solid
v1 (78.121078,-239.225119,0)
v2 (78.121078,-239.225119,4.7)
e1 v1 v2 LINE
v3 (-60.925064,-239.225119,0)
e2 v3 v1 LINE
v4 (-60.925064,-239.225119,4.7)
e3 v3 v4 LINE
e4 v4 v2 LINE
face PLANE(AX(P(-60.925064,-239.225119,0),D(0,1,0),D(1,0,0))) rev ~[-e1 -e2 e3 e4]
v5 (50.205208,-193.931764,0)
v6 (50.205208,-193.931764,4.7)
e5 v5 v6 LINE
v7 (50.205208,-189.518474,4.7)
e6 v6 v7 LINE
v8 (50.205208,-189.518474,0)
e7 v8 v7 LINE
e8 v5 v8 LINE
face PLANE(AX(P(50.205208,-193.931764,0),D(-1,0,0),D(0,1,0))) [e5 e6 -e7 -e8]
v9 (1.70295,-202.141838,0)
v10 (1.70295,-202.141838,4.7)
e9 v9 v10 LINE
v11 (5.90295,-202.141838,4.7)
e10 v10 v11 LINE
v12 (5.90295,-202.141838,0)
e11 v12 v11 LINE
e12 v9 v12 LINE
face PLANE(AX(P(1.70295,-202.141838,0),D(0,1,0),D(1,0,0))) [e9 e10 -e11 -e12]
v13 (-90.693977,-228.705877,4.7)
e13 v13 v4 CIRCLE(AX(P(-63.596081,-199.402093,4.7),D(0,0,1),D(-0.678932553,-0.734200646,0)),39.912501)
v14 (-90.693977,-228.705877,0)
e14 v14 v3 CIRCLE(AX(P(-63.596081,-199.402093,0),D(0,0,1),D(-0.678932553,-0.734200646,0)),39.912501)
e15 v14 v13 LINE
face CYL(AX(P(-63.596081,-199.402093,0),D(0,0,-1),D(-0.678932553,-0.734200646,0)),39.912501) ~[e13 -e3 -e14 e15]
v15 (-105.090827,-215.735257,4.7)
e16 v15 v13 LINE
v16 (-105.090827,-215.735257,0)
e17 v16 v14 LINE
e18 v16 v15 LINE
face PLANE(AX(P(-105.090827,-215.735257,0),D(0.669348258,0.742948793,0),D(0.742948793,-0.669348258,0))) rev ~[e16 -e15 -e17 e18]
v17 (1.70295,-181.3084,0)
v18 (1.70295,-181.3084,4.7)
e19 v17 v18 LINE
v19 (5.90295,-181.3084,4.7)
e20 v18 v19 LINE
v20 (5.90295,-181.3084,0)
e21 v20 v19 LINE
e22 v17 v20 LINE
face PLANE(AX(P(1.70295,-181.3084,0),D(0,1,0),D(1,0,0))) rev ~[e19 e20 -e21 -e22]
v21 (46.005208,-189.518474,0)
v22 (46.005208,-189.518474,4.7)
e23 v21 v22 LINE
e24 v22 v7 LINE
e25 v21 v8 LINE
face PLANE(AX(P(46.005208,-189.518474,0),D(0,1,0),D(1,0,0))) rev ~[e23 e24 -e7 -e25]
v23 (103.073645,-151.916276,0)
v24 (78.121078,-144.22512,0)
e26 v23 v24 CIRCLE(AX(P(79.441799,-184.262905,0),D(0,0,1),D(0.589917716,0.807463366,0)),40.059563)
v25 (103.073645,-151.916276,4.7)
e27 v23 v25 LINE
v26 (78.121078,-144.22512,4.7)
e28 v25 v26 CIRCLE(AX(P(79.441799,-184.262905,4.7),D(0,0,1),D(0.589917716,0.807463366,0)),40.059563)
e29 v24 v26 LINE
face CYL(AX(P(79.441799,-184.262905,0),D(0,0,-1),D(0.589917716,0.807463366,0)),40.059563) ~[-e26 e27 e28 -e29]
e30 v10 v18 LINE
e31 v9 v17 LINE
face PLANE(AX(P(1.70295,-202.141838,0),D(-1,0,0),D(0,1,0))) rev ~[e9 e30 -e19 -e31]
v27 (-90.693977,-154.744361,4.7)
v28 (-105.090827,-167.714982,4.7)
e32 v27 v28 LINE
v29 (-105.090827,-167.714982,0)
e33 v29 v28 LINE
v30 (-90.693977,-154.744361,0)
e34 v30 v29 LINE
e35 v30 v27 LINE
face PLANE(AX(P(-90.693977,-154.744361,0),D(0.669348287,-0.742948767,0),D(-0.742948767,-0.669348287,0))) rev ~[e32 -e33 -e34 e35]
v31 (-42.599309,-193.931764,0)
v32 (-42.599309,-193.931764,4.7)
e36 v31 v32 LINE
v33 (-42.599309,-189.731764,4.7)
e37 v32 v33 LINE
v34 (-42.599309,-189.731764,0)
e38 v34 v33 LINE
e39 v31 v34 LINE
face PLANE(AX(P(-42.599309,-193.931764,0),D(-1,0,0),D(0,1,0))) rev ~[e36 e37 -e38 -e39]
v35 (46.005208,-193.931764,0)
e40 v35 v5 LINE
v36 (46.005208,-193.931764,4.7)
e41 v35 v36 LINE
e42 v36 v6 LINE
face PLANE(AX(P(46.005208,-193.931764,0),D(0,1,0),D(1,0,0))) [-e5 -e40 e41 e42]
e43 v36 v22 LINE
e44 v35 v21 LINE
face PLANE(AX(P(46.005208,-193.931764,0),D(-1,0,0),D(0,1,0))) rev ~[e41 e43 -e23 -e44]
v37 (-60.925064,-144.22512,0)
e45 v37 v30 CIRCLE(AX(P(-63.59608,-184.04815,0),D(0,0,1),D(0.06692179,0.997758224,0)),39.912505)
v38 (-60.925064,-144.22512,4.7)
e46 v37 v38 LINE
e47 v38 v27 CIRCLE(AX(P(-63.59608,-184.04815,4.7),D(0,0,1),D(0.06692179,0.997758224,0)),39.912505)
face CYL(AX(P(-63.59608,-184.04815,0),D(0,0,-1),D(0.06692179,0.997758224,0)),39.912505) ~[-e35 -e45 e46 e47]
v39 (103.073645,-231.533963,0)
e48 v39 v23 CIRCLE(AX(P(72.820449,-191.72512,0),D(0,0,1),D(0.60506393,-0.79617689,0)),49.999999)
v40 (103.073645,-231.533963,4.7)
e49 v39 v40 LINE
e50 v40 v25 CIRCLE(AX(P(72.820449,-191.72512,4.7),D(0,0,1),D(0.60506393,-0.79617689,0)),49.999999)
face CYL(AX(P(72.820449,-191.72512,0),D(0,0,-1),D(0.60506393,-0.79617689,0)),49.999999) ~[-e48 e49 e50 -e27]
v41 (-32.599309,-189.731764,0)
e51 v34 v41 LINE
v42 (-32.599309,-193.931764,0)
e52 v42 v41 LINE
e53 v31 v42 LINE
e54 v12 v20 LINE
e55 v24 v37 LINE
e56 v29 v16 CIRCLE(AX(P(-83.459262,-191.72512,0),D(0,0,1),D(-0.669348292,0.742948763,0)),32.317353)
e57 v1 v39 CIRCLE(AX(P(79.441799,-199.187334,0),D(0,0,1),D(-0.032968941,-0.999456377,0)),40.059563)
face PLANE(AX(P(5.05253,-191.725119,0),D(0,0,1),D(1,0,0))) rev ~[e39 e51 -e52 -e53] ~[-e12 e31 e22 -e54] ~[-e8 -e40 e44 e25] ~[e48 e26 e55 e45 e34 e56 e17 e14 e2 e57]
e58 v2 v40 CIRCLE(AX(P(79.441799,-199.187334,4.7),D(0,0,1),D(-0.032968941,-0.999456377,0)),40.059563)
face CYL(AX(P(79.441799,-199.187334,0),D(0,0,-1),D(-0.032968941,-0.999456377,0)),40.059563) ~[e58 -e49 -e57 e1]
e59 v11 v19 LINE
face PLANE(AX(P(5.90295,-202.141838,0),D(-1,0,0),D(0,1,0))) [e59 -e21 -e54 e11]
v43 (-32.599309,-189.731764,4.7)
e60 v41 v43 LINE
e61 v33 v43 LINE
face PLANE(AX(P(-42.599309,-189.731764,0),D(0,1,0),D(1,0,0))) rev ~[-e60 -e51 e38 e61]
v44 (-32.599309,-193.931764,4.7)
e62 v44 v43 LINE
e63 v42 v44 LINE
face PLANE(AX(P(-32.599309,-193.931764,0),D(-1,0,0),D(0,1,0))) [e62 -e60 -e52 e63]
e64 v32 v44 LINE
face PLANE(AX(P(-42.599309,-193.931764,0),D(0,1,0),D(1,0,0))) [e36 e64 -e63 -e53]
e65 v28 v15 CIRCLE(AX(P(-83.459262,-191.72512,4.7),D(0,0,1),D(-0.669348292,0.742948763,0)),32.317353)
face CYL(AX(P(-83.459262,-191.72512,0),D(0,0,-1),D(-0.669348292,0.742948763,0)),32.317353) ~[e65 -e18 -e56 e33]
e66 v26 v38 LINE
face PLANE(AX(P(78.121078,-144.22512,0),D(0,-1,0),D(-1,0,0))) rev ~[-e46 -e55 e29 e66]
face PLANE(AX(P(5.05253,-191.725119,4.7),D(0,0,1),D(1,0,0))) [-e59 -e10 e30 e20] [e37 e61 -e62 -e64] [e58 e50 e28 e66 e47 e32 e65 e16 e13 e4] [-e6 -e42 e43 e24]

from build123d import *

# Parameters (mm, degrees)
F0_W     = 10
F0_H     = 4.2
F0_W_2   = 4.2
F0_H_2   = 20.833438
F0_H_3   = 4.41329
F1_DEPTH = 4.7


with BuildPart() as f1:
    # F0 (on Top) → F1 (new body)
    with BuildSketch(Plane.XY):
        with BuildLine():
            Line((78.121078, -144.22512), (-60.925064, -144.22512))
            ThreePointArc((-60.925064, -144.22512), (-76.89389, -146.416032), (-90.693977, -154.744361))
            Line((-90.693977, -154.744361), (-105.090827, -167.714982))
            ThreePointArc((-105.090827, -167.714982), (-115.776615, -191.725119), (-105.090827, -215.735257))
            Line((-105.090827, -215.735257), (-90.693977, -228.705877))
            ThreePointArc((-90.693977, -228.705877), (-76.89389, -237.034207), (-60.925064, -239.225119))
            Line((-60.925064, -239.225119), (78.121078, -239.225119))
            ThreePointArc((78.121078, -239.225119), (91.241589, -237.469621), (103.073645, -231.533963))
            ThreePointArc((103.073645, -231.533963), (122.820448, -191.725119), (103.073645, -151.916276))
            ThreePointArc((103.073645, -151.916276), (91.241589, -145.980618), (78.121078, -144.22512))
        make_face()
        with Locations((-37.599309, -191.831764)):
            Rectangle(F0_W, F0_H, mode=Mode.SUBTRACT)
        with Locations((3.80295, -191.725119)):
            Rectangle(F0_W_2, F0_H_2, mode=Mode.SUBTRACT)
        with Locations((48.105208, -191.725119)):
            Rectangle(F0_W_2, F0_H_3, mode=Mode.SUBTRACT)
    extrude(amount=F1_DEPTH)


solid = f1.part
